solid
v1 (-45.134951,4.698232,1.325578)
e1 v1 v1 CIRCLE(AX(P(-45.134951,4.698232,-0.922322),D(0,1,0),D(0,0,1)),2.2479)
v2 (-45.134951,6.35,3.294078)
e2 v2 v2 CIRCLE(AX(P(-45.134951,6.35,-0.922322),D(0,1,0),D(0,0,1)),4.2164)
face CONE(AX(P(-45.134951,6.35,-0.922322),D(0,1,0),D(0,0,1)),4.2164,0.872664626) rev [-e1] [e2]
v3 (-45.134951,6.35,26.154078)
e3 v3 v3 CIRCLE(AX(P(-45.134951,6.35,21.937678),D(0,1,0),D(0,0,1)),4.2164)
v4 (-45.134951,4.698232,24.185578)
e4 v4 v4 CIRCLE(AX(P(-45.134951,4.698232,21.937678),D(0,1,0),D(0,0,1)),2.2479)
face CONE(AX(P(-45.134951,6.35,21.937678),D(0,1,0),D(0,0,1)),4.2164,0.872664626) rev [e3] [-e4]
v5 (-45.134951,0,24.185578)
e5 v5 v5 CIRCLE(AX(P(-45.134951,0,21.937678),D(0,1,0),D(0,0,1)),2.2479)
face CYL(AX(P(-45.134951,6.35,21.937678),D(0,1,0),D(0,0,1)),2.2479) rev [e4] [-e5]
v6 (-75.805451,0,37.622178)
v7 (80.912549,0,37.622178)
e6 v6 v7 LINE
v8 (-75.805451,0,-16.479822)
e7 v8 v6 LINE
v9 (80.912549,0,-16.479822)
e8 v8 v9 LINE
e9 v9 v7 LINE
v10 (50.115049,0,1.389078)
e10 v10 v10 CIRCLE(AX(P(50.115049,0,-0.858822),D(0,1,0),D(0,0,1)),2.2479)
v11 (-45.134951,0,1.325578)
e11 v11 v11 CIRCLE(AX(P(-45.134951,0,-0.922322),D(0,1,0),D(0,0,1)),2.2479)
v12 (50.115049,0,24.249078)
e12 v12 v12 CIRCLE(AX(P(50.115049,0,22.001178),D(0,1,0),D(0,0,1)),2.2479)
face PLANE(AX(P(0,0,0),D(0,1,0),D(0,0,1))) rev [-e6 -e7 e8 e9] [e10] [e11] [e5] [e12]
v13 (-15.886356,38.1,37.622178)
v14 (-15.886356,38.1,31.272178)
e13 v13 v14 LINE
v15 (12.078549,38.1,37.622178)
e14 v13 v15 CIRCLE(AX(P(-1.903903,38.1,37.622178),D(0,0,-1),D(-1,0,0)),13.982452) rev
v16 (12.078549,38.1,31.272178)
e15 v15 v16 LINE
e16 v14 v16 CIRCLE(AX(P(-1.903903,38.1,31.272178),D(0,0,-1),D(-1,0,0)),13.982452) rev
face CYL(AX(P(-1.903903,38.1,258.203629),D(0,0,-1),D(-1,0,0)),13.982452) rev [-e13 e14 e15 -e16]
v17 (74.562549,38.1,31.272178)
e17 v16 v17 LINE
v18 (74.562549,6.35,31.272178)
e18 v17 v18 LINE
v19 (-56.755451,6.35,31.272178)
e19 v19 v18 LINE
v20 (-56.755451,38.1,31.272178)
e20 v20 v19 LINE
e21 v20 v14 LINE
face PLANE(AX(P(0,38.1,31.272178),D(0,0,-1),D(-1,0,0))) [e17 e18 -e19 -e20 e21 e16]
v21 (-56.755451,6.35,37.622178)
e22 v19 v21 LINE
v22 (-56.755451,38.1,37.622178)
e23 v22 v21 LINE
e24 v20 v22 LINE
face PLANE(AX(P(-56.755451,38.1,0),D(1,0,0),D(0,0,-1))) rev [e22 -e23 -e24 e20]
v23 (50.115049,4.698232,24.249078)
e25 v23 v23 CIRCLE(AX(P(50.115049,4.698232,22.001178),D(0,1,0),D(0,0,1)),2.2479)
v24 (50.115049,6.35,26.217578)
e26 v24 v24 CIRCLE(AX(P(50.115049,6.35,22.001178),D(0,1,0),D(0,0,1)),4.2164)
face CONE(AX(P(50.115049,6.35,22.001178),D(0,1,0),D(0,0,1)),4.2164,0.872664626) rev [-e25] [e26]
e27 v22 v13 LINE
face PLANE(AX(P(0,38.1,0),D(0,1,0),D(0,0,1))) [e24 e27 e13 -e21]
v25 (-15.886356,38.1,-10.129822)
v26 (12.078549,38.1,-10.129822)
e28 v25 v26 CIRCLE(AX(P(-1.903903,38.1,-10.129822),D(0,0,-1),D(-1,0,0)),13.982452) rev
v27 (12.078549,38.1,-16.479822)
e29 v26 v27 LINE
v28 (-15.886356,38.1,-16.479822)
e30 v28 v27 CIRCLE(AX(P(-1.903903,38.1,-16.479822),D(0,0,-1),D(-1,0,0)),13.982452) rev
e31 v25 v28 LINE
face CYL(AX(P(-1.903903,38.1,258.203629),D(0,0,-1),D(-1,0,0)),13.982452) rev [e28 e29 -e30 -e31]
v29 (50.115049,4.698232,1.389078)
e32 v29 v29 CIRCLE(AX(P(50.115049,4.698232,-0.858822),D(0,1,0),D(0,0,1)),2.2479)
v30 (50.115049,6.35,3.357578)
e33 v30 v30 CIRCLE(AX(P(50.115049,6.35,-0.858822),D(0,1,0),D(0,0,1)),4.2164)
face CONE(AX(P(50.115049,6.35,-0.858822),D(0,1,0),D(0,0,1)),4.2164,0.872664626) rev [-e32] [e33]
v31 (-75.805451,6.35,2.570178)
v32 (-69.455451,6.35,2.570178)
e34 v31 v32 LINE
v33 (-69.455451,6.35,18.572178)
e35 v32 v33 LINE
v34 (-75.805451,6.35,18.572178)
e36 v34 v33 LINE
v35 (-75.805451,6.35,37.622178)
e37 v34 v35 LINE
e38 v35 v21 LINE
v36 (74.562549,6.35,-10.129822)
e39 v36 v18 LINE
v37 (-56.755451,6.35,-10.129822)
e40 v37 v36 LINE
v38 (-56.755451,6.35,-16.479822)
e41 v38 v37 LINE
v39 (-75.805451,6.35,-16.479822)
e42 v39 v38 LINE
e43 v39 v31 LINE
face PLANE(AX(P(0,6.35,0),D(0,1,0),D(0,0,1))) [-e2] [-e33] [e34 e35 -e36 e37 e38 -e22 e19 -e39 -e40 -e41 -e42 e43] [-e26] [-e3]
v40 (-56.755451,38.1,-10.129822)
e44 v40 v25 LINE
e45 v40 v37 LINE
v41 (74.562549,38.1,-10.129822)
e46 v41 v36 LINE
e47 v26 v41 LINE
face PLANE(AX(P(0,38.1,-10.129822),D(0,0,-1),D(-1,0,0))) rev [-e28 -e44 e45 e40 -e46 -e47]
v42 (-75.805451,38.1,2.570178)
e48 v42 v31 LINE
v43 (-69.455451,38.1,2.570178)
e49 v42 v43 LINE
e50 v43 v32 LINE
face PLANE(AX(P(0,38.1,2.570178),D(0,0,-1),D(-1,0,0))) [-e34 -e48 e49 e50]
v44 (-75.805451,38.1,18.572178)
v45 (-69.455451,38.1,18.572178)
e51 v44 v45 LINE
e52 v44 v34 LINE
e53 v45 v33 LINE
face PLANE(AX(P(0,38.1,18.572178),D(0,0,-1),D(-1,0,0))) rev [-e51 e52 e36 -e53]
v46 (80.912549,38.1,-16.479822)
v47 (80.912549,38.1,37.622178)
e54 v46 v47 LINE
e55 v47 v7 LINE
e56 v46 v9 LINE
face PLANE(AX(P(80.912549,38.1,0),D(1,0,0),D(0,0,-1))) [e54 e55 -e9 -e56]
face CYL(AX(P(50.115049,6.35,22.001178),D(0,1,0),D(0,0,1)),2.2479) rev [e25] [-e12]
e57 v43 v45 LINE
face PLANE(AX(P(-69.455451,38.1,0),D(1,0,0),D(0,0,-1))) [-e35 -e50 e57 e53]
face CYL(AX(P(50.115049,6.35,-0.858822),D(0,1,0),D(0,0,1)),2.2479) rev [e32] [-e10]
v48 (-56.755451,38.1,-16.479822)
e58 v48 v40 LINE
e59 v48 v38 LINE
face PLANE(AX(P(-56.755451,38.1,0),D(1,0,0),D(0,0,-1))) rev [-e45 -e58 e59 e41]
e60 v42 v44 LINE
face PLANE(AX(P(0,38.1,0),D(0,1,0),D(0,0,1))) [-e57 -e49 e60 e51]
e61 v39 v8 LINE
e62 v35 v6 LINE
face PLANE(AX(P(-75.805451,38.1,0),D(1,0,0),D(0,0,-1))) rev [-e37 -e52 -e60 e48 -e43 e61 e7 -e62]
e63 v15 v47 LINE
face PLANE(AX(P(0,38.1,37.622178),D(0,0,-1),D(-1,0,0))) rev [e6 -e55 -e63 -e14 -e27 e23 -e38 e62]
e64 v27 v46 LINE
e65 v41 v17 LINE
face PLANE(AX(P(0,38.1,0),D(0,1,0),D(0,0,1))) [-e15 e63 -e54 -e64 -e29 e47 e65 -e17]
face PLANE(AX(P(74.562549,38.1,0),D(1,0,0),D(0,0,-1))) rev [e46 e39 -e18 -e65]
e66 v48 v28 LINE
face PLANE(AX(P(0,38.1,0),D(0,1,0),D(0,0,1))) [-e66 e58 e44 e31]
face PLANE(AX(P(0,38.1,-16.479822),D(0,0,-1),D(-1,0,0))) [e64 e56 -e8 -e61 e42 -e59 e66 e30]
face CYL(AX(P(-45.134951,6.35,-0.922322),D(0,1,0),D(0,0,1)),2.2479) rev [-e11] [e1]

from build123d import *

# Parameters (mm, degrees)
SKETCH1_W                                         = 6.35
SKETCH1_H                                         = 16.002
BOSS_EXTRUDE1_DEPTH                               = 38.1
SKETCH1_H_2                                       = 54.102
BOSS_EXTRUDE1_2_DEPTH                             = 38.1
BOSS_EXTRUDE2_DEPTH                               = 6.35
SKETCH1_5_W                                       = 131.318
SKETCH1_5_H                                       = 6.35
BOSS_EXTRUDE3_DEPTH                               = 38.1
CSK_FOR_8_FLAT_HEAD_MACHINE_SCREW_100_D           = 4.4958
CSK_FOR_8_FLAT_HEAD_MACHINE_SCREW_100_CSINK_D     = 8.4328
CSK_FOR_8_FLAT_HEAD_MACHINE_SCREW_100_CSINK_ANGLE = 100
BOSS_EXTRUDE6_DEPTH                               = 6.35
CUT_EXTRUDE3_DEPTH                                = 105.525006773
CUT_EXTRUDE3_DEPTH_BACK                           = 105.525006773
BOSS_EXTRUDE7_DEPTH                               = 6.35


with BuildPart() as part:
    # Sketch1 → Boss-Extrude1 (new body)
    with BuildSketch(Plane(origin=(0, 0, 0), x_dir=(1, 0, 0), z_dir=(0, 1, 0))):
        with Locations((-72.630450684, -10.571178218)):
            Rectangle(SKETCH1_W, SKETCH1_H)
    extrude(amount=BOSS_EXTRUDE1_DEPTH)



with BuildPart() as body_2:
    # Sketch1 → Boss-Extrude1 2 (new body)
    with BuildSketch(Plane(origin=(0, 0, 0), x_dir=(1, 0, 0), z_dir=(0, 1, 0))):
        with Locations((77.737549316, -10.571178218)):
            Rectangle(SKETCH1_W, SKETCH1_H_2)
    extrude(amount=BOSS_EXTRUDE1_2_DEPTH)


with BuildPart() as part_1:
    add(part.part)

    add(body_2.part)  # Boss-Extrude2 merges body 2
    # Sketch1<4> → Boss-Extrude2 (add)
    with BuildSketch(Plane(origin=(0, 0, 0), x_dir=(1, 0, 0), z_dir=(0, 1, 0))):
        Polygon((-56.755450684, 10.129821782), (-69.455450684, 10.129821782), (-69.455450684, -2.570178218), (-69.455450684, -18.572178218), (-69.455450684, -31.272178218), (-56.755450684, -31.272178218), (74.562549316, -31.272178218), (74.562549316, 10.129821782), align=None)
    extrude(amount=BOSS_EXTRUDE2_DEPTH)

    # Sketch1<5> → Boss-Extrude3 (add)
    with BuildSketch(Plane(origin=(0, 0, 0), x_dir=(1, 0, 0), z_dir=(0, 1, 0))):
        with Locations((8.903549316, 13.304821782)):
            Rectangle(SKETCH1_5_W, SKETCH1_5_H)
        with Locations((8.903549316, -34.447178218)):
            Rectangle(SKETCH1_5_W, SKETCH1_5_H)
    extrude(amount=BOSS_EXTRUDE3_DEPTH)

    # CSK for #8 Flat Head Machine Screw (100)2 (through all)
    with Locations(Plane(origin=(0, 6.35, 0), x_dir=(1, 0, 0), z_dir=(0, 1, 0))):
        with Locations((-45.134950684, -21.937678218), (-45.134950684, 0.922321782), (50.115049316, 0.858821782), (50.115049316, -22.001178218)):
            CounterSinkHole(CSK_FOR_8_FLAT_HEAD_MACHINE_SCREW_100_D / 2, CSK_FOR_8_FLAT_HEAD_MACHINE_SCREW_100_CSINK_D / 2, counter_sink_angle=CSK_FOR_8_FLAT_HEAD_MACHINE_SCREW_100_CSINK_ANGLE)

    # Sketch1<8> → Boss-Extrude6 (add)
    with BuildSketch(Plane(origin=(0, 0, 0), x_dir=(1, 0, 0), z_dir=(0, 1, 0))):
        Polygon((-69.455450684, -31.272178218), (-69.455450684, -18.572178218), (-75.805450684, -18.572178218), (-75.805450684, -31.272178218), (-75.805450684, -37.622178218), (-56.755450684, -37.622178218), (-56.755450684, -31.272178218), align=None)
    extrude(amount=BOSS_EXTRUDE6_DEPTH)

    # Sketch11 → Cut-Extrude3 (cut, two sides: drawn at the far end of the back side and taken through both)
    with BuildSketch(Plane.XY.offset(37.622178218).offset(-CUT_EXTRUDE3_DEPTH_BACK)):
        with BuildLine():
            Line((-15.886355633, 256.15420447), (-15.886355633, 38.1))
            ThreePointArc((-15.886355633, 38.1), (-1.903903158, 24.117547525), (12.078549316, 38.1))
            Line((12.078549316, 38.1), (12.078549316, 256.15420447))
            Line((12.078549316, 256.15420447), (12.078549316, 692.262613411))
            Line((12.078549316, 692.262613411), (-15.886355633, 692.262613411))
            Line((-15.886355633, 692.262613411), (-15.886355633, 256.15420447))
        make_face()
    extrude(amount=CUT_EXTRUDE3_DEPTH + CUT_EXTRUDE3_DEPTH_BACK, mode=Mode.SUBTRACT)

    # Sketch1<9> → Boss-Extrude7 (add)
    with BuildSketch(Plane(origin=(0, 0, 0), x_dir=(1, 0, 0), z_dir=(0, 1, 0))):
        Polygon((-69.455450684, -2.570178218), (-69.455450684, 10.129821782), (-56.755450684, 10.129821782), (-56.755450684, 16.479821782), (-69.455450684, 16.479821782), (-75.805450684, 16.479821782), (-75.805450684, 10.129821782), (-75.805450684, -2.570178218), align=None)
    extrude(amount=BOSS_EXTRUDE7_DEPTH)


solid = part_1.part
